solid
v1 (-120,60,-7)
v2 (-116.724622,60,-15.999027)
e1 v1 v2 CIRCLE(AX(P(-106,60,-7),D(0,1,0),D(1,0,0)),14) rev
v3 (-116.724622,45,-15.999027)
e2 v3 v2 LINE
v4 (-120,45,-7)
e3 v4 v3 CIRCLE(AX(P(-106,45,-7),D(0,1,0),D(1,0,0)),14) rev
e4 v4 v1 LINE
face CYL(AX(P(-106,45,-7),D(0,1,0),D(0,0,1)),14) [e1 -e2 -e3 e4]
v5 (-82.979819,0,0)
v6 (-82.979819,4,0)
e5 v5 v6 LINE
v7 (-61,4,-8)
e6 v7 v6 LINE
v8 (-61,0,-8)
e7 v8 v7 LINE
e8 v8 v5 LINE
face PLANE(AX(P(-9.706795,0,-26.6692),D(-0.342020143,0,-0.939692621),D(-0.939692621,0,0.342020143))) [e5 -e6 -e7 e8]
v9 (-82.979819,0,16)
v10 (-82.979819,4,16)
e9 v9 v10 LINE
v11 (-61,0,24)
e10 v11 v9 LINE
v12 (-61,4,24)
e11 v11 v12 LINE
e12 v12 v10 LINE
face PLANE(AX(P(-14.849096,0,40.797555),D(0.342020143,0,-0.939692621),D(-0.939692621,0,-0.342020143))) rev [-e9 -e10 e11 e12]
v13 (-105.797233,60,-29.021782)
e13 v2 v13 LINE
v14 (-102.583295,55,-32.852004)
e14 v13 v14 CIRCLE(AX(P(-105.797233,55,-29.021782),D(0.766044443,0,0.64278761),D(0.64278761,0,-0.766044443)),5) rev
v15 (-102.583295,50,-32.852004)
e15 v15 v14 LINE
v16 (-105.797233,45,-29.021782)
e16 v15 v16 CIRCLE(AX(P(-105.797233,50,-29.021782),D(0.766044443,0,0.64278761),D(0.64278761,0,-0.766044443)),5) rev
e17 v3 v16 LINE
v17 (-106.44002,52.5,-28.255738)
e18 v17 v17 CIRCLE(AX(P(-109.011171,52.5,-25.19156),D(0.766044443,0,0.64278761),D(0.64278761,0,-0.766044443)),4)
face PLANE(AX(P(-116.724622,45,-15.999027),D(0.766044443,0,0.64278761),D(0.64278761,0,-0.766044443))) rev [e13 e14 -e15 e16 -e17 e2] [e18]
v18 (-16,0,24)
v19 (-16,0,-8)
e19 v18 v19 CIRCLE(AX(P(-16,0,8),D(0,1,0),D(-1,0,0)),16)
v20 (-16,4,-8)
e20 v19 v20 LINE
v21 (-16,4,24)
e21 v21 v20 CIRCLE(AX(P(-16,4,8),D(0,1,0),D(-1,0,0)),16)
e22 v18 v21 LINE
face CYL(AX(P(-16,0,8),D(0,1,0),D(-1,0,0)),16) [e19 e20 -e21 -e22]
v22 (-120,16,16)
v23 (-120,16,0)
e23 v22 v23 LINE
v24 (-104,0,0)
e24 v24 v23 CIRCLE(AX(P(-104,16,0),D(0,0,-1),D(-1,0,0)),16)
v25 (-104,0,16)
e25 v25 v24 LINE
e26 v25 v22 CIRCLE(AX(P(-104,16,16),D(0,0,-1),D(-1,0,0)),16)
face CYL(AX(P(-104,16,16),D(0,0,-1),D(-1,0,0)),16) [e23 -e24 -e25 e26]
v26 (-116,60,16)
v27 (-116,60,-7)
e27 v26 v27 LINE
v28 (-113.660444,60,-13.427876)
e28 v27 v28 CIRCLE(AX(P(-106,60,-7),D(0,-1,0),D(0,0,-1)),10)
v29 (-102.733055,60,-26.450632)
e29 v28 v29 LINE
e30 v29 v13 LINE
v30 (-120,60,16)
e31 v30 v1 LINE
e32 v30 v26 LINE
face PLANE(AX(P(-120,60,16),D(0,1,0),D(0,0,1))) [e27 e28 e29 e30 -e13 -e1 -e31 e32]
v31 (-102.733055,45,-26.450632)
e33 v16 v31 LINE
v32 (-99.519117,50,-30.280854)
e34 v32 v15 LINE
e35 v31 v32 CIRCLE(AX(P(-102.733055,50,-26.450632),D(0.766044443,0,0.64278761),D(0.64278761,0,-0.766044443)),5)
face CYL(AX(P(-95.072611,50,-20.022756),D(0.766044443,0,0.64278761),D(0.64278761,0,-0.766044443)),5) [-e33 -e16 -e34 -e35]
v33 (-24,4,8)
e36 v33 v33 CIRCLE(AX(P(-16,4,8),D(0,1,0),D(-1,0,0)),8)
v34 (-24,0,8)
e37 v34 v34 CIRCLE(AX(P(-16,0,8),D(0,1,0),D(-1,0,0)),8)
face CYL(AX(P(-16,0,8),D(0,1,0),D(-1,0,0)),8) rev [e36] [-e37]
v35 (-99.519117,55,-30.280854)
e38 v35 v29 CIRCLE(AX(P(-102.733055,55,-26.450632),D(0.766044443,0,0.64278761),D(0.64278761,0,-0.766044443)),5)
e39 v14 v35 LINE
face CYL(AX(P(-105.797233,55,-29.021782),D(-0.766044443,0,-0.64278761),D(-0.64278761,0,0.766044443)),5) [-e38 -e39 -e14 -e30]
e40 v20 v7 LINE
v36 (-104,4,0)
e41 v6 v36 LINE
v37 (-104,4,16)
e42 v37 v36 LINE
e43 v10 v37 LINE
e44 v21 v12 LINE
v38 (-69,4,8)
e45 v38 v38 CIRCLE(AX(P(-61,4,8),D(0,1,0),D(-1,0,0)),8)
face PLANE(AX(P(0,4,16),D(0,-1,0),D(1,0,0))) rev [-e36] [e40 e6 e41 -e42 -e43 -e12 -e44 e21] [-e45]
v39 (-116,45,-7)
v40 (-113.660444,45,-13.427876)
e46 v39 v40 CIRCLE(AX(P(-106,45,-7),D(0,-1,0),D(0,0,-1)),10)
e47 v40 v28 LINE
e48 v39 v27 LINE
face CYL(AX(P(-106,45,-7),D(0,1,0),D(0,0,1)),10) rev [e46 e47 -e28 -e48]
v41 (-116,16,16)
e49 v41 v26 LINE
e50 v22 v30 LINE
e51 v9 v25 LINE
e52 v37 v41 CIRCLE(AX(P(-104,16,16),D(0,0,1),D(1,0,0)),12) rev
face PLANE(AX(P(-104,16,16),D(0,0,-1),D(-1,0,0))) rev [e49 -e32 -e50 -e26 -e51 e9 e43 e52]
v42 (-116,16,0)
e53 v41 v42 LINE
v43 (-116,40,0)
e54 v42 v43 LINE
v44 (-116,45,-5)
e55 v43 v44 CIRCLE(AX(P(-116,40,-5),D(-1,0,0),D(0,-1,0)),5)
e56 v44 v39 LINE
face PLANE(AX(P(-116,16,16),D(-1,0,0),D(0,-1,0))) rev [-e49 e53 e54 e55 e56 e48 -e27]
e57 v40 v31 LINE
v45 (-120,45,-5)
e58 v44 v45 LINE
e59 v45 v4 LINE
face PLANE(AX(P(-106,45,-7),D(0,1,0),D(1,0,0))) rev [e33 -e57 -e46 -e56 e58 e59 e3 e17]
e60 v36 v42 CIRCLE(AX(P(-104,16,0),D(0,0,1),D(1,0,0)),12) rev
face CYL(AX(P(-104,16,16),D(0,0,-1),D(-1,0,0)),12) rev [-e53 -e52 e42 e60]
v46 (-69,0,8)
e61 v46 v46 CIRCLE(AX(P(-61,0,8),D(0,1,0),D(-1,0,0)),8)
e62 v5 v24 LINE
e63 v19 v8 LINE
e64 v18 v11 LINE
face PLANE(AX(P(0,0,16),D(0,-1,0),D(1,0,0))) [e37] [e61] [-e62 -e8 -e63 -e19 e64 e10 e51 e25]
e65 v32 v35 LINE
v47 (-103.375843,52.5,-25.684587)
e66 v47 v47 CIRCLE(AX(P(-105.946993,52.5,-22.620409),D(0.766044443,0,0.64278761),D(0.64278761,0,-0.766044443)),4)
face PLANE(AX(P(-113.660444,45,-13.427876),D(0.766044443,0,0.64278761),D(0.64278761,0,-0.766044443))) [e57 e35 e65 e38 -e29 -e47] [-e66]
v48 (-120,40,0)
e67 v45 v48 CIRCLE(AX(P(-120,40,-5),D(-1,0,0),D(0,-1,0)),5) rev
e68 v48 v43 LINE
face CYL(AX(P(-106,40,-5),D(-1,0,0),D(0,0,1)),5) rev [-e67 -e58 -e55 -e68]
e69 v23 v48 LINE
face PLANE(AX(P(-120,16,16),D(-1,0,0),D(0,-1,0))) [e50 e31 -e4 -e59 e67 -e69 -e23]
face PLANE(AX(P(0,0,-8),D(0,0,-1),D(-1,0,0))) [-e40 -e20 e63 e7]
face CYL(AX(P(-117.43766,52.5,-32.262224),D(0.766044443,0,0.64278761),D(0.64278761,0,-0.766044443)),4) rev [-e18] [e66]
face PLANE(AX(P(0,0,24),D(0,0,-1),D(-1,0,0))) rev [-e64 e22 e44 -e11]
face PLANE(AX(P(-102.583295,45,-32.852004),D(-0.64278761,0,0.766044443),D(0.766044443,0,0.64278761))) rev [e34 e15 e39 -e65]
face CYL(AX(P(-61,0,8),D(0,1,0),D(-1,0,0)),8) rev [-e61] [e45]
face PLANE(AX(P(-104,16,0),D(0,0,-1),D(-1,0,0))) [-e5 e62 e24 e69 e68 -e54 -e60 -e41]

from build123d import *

# Parameters (mm, degrees)
EXTRUDE_THIN1_DEPTH     = 16
SKETCH2_R               = 20
SKETCH2_R_2             = 16
CUT_EXTRUDE_THIN1_DEPTH = 10
BOSS_EXTRUDE1_DEPTH     = 4
SKETCH2_6_R             = 8
CUT_EXTRUDE1_DEPTH      = 4
EXTRUDE_THIN2_DEPTH     = 15
FILLET1_R               = 5
FILLET2_R               = 5
SKETCH5_R               = 4
CUT_EXTRUDE2_DEPTH      = 15


with BuildPart() as part:
    # Sketch1 → Extrude-Thin1 (new body)
    with BuildSketch(Plane.XY):
        with BuildLine():
            Line((0, 0), (-104, 0))
            ThreePointArc((-104, 0), (-115.313708499, 4.686291501), (-120, 16))
            Line((-120, 16), (-120, 60))
            Line((-120, 60), (-116, 60))
            Line((-116, 60), (-116, 16))
            ThreePointArc((-116, 16), (-112.485281374, 7.514718626), (-104, 4))
            Line((-104, 4), (0, 4))
            Line((0, 4), (0, 0))
        make_face()
    extrude(amount=EXTRUDE_THIN1_DEPTH)

    # Sketch2 → Cut-Extrude-Thin1 (cut)
    with BuildSketch(Plane(origin=(0, 4, 0), x_dir=(1, 0, 0), z_dir=(0, 1, 0))):
        with Locations((-16, -8)):
            Circle(SKETCH2_R)
        with Locations((-16, -8)):
            Circle(SKETCH2_R_2, mode=Mode.SUBTRACT)
    extrude(amount=-CUT_EXTRUDE_THIN1_DEPTH, mode=Mode.SUBTRACT)


with BuildPart() as cut_extrude_thin1_piece_1:
    # of the separate pieces the step leaves, piece 1, a body of its own (cut_extrude_thin1_pieces)
    add(part.part.solids().sort_by_distance((-104, 4, 0))[0])



with BuildPart() as cut_extrude_thin1_piece_2:
    # of the separate pieces the step leaves, piece 2, a body of its own (cut_extrude_thin1_pieces)
    add(part.part.solids().sort_by_distance((-29.856406461, 4, 0))[0])


with BuildPart() as cut_extrude_thin1_piece_1_1:
    add(cut_extrude_thin1_piece_1.part)

    add(cut_extrude_thin1_piece_2.part)  # Boss-Extrude1 merges Cut-Extrude-Thin1 piece 2
    # Sketch2<5> → Boss-Extrude1 (add)
    with BuildSketch(Plane(origin=(0, 4, 0), x_dir=(1, 0, 0), z_dir=(0, 1, 0))):
        with BuildLine():
            Line((-82.979819356, 0), (-61, 0))
            ThreePointArc((-61, 0), (-53, -8), (-61, -16))
            Line((-61, -16), (-82.979819356, -16))
            Line((-82.979819356, -16), (-61, -24))
            Line((-61, -24), (-16, -24))
            ThreePointArc((-16, -24), (-8, -21.856406461), (-2.143593539, -16))
            Line((-2.143593539, -16), (-16.000000062, -16))
            ThreePointArc((-16.000000062, -16), (-24, -7.999999969), (-16, 0))
            Line((-16, 0), (-2.143593539, 0))
            ThreePointArc((-2.143593539, 0), (-8, 5.856406461), (-16, 8))
            Line((-16, 8), (-61, 8))
            Line((-61, 8), (-82.979819356, 0))
        make_face()
    extrude(amount=-BOSS_EXTRUDE1_DEPTH)

    # Sketch2<6> → Cut-Extrude1 (cut)
    with BuildSketch(Plane(origin=(0, 4, 0), x_dir=(1, 0, 0), z_dir=(0, 1, 0))):
        with Locations((-61, -8)):
            Circle(SKETCH2_6_R)
        with Locations((-16, -8)):
            Circle(SKETCH2_6_R)
    extrude(amount=-CUT_EXTRUDE1_DEPTH, mode=Mode.SUBTRACT)

    # Sketch3 → Extrude-Thin2 (add)
    with BuildSketch(Plane(origin=(0, 60, 0), x_dir=(1, 0, 0), z_dir=(0, 1, 0))):
        with BuildLine():
            Line((-116, 0), (-116, 7))
            ThreePointArc((-116, 7), (-115.396926208, 10.420201433), (-113.660444431, 13.427876097))
            Line((-113.660444431, 13.427876097), (-99.519117018, 30.280853845))
            Line((-99.519117018, 30.280853845), (-102.583294791, 32.852004284))
            Line((-102.583294791, 32.852004284), (-116.724622204, 15.999026536))
            ThreePointArc((-116.724622204, 15.999026536), (-119.155696691, 11.788282007), (-120, 7))
            Line((-120, 7), (-120, 0))
            Line((-120, 0), (-116, 0))
        make_face()
    extrude(amount=-EXTRUDE_THIN2_DEPTH)

    # Fillet1
    fillet1_edges = [cut_extrude_thin1_piece_1_1.edges().sort_by_distance(p)[0] for p in [
        (-118, 45, 0),
    ]]
    fillet(fillet1_edges, radius=FILLET1_R)

    # Fillet2
    fillet2_edges = [cut_extrude_thin1_piece_1_1.edges().sort_by_distance(p)[0] for p in [
        (-101.051205904, 45, -31.566429065),
        (-101.051205904, 60, -31.566429065),
    ]]
    fillet(fillet2_edges, radius=FILLET2_R)

    # Sketch5 → Cut-Extrude2 (cut)
    with BuildSketch(Plane(origin=(-73.310624983, 0, -61.514918385), x_dir=(0.6427876096865427, 0, -0.7660444431189752), z_dir=(0.7660444431189752, 0, 0.6427876096865427))):
        with Locations((-50.773175525, 52.5)):
            Circle(SKETCH5_R)
    extrude(amount=-CUT_EXTRUDE2_DEPTH, mode=Mode.SUBTRACT)


solid = cut_extrude_thin1_piece_1_1.part
